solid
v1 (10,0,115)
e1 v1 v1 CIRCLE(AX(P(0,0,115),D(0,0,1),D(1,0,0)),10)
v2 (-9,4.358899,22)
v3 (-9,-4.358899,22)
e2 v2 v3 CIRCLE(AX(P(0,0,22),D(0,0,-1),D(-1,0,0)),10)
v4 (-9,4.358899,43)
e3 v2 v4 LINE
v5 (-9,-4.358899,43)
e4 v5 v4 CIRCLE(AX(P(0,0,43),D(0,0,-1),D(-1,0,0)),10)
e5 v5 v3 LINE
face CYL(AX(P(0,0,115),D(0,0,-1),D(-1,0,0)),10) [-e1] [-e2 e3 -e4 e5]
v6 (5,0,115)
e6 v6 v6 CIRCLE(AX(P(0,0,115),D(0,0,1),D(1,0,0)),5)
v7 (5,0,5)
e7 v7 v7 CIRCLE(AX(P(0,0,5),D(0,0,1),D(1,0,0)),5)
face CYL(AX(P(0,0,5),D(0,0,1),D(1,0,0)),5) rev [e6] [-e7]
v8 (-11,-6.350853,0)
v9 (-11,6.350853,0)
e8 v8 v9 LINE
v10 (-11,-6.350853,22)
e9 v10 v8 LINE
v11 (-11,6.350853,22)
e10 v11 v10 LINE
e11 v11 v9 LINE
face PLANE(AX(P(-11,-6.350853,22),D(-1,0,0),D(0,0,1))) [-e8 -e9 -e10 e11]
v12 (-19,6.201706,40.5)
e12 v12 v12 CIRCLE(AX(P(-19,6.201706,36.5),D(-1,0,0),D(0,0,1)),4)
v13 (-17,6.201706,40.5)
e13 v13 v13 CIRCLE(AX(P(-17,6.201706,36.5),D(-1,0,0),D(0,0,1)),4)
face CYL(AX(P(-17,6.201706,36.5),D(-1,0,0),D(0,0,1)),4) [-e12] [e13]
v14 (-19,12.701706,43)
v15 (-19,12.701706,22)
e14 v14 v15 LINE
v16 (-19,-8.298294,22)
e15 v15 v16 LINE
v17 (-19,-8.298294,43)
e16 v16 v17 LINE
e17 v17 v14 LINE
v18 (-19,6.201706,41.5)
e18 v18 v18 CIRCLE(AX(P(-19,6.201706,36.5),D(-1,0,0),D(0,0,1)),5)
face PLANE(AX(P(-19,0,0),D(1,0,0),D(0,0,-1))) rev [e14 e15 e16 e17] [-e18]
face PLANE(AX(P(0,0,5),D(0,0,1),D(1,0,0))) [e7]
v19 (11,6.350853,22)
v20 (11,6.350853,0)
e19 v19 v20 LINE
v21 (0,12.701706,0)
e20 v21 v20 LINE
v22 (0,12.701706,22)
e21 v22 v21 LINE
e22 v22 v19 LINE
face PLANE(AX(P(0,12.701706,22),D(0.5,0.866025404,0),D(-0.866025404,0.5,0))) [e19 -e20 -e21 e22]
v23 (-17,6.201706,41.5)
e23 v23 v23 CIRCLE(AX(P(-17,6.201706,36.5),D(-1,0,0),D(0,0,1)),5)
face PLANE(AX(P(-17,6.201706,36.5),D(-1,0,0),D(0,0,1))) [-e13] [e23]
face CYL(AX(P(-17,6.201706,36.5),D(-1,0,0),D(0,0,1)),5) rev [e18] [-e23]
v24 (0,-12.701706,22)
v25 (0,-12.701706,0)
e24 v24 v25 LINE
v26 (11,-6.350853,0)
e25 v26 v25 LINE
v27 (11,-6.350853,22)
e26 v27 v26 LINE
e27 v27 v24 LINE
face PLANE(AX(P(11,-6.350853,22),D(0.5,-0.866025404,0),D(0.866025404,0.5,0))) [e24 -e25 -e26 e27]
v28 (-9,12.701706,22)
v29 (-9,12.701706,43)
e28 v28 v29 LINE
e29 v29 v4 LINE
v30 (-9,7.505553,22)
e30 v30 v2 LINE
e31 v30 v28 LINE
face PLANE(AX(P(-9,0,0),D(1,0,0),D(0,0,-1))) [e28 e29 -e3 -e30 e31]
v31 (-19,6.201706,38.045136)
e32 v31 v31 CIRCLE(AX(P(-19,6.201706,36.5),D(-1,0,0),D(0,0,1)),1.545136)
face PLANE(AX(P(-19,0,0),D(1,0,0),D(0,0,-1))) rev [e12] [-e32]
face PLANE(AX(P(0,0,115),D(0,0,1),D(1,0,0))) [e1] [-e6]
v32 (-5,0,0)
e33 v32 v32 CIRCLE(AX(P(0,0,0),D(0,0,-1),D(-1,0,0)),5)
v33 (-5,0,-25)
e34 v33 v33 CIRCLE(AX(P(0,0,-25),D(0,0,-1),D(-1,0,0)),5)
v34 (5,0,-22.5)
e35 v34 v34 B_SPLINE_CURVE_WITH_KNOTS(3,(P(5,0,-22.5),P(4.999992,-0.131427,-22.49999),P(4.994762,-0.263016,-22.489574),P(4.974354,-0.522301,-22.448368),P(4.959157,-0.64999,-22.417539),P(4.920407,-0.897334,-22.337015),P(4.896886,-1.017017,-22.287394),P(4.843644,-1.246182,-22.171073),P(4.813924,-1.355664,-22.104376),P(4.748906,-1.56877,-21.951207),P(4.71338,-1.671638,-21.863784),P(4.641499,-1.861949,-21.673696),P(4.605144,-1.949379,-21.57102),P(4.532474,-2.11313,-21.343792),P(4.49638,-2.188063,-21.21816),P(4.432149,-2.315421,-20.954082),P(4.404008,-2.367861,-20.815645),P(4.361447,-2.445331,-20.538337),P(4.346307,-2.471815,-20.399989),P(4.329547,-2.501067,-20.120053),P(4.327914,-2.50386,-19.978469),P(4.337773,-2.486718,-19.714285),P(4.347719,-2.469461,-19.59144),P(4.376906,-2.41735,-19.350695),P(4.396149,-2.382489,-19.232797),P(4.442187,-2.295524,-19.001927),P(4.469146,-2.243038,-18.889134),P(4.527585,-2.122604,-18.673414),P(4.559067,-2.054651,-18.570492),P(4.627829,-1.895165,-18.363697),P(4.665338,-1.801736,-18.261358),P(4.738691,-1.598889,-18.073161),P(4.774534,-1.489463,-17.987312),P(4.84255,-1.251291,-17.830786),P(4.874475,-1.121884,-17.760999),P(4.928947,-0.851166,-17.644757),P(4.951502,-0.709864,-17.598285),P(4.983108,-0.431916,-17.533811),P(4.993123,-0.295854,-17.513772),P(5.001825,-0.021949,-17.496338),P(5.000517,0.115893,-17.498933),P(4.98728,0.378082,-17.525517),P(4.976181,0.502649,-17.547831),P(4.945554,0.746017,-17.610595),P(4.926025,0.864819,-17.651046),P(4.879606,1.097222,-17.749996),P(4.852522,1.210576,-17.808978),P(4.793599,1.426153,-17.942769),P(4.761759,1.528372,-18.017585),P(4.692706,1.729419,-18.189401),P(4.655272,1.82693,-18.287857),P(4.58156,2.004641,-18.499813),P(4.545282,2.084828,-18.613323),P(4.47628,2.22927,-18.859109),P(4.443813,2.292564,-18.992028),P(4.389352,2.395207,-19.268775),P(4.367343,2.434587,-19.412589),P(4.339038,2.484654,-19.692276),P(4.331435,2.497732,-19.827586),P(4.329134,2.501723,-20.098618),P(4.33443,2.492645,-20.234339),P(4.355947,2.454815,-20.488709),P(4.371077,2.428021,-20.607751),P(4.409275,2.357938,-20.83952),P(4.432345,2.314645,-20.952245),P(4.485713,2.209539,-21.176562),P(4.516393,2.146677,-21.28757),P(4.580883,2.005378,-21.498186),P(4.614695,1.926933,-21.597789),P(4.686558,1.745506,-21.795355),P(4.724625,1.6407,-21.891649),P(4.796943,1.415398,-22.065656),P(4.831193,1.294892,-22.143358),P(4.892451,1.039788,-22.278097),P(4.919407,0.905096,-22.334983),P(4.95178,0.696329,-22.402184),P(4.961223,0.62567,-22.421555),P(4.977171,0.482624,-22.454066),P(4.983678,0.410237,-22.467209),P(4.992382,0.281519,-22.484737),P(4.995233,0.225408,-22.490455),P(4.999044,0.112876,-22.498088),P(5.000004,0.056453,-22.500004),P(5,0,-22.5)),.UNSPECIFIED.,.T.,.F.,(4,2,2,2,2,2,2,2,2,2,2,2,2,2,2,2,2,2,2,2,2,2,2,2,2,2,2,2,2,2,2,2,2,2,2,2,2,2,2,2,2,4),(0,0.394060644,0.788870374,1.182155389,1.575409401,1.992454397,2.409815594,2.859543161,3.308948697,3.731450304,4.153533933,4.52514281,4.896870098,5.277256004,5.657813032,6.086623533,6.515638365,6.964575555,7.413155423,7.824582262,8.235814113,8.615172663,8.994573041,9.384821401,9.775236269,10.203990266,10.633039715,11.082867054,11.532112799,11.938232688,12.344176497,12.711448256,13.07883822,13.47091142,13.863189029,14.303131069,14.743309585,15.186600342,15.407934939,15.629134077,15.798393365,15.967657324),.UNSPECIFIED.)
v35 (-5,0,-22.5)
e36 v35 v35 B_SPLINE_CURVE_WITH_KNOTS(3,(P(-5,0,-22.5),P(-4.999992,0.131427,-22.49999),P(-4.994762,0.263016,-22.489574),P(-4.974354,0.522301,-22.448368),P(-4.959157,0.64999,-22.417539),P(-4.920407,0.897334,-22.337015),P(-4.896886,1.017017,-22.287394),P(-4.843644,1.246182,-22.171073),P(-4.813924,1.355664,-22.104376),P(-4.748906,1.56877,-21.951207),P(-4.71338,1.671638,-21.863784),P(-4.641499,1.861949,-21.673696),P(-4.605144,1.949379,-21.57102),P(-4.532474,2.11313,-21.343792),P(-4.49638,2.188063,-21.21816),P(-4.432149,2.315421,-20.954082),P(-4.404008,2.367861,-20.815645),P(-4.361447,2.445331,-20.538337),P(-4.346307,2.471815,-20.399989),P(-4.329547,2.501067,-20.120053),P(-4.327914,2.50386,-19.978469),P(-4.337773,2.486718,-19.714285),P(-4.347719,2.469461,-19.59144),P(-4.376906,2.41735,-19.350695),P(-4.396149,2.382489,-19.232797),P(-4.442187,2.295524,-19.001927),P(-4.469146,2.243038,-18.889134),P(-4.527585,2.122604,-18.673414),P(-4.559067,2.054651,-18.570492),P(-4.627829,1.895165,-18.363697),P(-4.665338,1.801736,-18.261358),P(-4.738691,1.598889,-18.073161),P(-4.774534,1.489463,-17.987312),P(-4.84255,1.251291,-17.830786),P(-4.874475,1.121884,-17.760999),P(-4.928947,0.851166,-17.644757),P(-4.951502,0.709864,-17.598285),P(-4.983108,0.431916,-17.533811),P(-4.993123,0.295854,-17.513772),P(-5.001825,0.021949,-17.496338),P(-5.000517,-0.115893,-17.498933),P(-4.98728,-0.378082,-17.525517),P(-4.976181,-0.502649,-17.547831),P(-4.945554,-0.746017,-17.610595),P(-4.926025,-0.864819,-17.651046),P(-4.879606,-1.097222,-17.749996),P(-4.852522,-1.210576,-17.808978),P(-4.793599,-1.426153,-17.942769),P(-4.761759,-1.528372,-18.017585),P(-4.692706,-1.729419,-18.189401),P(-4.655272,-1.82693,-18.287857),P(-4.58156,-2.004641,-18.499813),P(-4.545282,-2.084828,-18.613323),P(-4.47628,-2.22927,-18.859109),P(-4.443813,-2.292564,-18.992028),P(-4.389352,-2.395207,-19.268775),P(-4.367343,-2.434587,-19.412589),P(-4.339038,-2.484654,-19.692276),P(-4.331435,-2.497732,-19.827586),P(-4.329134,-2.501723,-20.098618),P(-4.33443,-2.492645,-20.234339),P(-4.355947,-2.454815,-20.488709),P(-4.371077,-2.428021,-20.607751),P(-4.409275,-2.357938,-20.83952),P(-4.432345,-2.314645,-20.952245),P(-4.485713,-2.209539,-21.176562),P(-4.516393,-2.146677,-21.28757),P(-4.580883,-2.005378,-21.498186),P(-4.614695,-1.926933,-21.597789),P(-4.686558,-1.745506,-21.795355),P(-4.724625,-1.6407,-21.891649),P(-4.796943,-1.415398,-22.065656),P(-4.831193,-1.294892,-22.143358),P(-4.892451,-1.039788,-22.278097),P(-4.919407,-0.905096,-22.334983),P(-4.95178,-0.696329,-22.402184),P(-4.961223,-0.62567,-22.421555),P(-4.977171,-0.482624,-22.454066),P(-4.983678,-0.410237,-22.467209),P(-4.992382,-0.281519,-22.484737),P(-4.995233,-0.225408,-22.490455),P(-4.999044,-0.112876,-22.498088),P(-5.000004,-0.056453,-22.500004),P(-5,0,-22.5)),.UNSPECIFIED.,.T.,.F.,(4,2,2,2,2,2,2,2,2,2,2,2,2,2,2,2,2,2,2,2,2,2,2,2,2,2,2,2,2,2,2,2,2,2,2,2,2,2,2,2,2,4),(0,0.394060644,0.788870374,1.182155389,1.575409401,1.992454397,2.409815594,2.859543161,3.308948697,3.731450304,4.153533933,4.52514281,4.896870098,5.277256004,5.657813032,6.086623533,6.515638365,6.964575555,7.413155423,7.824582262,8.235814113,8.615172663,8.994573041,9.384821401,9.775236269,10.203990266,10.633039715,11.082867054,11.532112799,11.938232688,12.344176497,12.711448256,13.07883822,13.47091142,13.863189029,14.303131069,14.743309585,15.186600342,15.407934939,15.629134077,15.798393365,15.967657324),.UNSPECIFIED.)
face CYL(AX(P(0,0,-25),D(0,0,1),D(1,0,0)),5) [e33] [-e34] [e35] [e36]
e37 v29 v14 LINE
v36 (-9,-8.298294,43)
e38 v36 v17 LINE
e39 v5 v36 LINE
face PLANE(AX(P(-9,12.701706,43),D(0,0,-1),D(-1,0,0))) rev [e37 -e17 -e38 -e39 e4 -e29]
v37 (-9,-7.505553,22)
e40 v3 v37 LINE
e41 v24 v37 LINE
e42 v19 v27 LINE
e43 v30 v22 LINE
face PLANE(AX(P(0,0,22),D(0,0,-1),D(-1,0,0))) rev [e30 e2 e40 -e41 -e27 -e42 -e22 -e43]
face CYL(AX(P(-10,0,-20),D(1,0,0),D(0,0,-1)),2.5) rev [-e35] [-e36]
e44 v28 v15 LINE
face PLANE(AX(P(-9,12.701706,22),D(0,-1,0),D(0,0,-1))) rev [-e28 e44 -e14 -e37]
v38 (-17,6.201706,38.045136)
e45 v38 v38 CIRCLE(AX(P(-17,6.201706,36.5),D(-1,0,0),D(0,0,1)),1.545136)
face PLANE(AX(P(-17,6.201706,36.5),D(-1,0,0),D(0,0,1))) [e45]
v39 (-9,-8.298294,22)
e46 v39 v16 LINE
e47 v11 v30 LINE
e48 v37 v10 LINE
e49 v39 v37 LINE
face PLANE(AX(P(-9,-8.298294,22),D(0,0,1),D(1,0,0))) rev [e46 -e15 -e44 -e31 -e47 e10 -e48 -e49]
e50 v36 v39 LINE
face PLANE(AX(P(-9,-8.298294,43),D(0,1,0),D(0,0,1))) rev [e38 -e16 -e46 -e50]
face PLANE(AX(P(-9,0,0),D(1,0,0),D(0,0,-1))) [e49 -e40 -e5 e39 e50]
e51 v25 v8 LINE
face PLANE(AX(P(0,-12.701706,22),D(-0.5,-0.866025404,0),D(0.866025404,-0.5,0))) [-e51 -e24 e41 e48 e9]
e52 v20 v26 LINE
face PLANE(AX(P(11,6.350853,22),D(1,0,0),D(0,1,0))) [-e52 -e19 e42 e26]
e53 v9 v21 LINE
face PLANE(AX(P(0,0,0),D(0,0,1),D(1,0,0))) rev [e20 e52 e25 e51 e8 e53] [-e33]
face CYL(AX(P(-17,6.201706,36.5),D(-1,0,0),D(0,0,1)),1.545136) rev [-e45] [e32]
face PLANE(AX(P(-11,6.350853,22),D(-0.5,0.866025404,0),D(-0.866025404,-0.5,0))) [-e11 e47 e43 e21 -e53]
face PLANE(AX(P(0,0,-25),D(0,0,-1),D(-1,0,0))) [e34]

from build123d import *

# Parameters (mm, degrees)
SKETCH1_R               = 10
BOSS_EXTRUDE1_DEPTH     = 115
SKETCH2_R               = 5
BOSS_EXTRUDE2_DEPTH     = 25
SKETCH3_R               = 5
CUT_EXTRUDE1_DEPTH      = 110
SKETCH4_R               = 2.5
CUT_EXTRUDE2_DEPTH      = 11
CUT_EXTRUDE2_DEPTH_BACK = 11
SKETCH5_R               = 10
BOSS_EXTRUDE3_DEPTH     = 22
SKETCH6_W               = 21
SKETCH6_H               = 21
BOSS_EXTRUDE4_DEPTH     = 8
SKETCH7_W               = 21
SKETCH7_H               = 21
BOSS_EXTRUDE5_DEPTH     = 2
SKETCH8_R               = 5
SKETCH8_R_2             = 4
CUT_EXTRUDE3_DEPTH      = 2
SKETCH9_R               = 1.545135807
CUT_EXTRUDE4_DEPTH      = 2


with BuildPart() as part:
    # Sketch1 → Boss-Extrude1 (new body)
    with BuildSketch(Plane.XY):
        Circle(SKETCH1_R)
    extrude(amount=BOSS_EXTRUDE1_DEPTH)

    # Sketch2 → Boss-Extrude2 (add)
    with BuildSketch(Plane(origin=(0, 0, 0), x_dir=(-1, 0, 0), z_dir=(0, 0, -1))):
        Circle(SKETCH2_R)
    extrude(amount=BOSS_EXTRUDE2_DEPTH)

    # Sketch3 → Cut-Extrude1 (cut)
    with BuildSketch(Plane.XY.offset(115)):
        Circle(SKETCH3_R)
    extrude(amount=-CUT_EXTRUDE1_DEPTH, mode=Mode.SUBTRACT)

    # Sketch4 → Cut-Extrude2 (cut, two sides)
    with BuildSketch(Plane(origin=(0, 0, 0), x_dir=(0, 0, -1), z_dir=(1, 0, 0))) as cut_extrude2_sk:
        with Locations((20, 0)):
            Circle(SKETCH4_R)
    extrude(amount=CUT_EXTRUDE2_DEPTH, mode=Mode.SUBTRACT)
    extrude(cut_extrude2_sk.sketch, amount=-CUT_EXTRUDE2_DEPTH_BACK, mode=Mode.SUBTRACT)

    # Sketch5 → Boss-Extrude3 (add)
    with BuildSketch(Plane(origin=(0, 0, 0), x_dir=(-1, 0, 0), z_dir=(0, 0, -1))):
        Polygon((0, -12.701705922), (11, -6.350852961), (11, 6.350852961), (0, 12.701705922), (-11, 6.350852961), (-11, -6.350852961), align=None)
        Circle(SKETCH5_R, mode=Mode.SUBTRACT)
    extrude(amount=-BOSS_EXTRUDE3_DEPTH)



with BuildPart() as body_2:
    # Sketch6 → Boss-Extrude4 (new body)
    with BuildSketch(Plane.ZY.offset(11)):
        with Locations((32.5, 2.201705922)):
            Rectangle(SKETCH6_W, SKETCH6_H)
    extrude(amount=BOSS_EXTRUDE4_DEPTH)


with BuildPart() as part_1:
    add(part.part)

    add(body_2.part)  # Boss-Extrude5 merges body 2
    # Sketch7 → Boss-Extrude5 (add)
    with BuildSketch(Plane(origin=(-11, 0, 0), x_dir=(0, 0, -1), z_dir=(1, 0, 0))):
        with Locations((-32.5, 2.201705922)):
            Rectangle(SKETCH7_W, SKETCH7_H)
    extrude(amount=BOSS_EXTRUDE5_DEPTH)

    # Sketch8 → Cut-Extrude3 (cut)
    with BuildSketch(Plane.ZY.offset(19)):
        with Locations((36.5, 6.201705922)):
            Circle(SKETCH8_R)
        with Locations((36.5, 6.201705922)):
            Circle(SKETCH8_R_2, mode=Mode.SUBTRACT)
    extrude(amount=-CUT_EXTRUDE3_DEPTH, mode=Mode.SUBTRACT)

    # Sketch9 → Cut-Extrude4 (cut)
    with BuildSketch(Plane.ZY.offset(19)):
        with Locations((36.5, 6.201705922)):
            Circle(SKETCH9_R)
    extrude(amount=-CUT_EXTRUDE4_DEPTH, mode=Mode.SUBTRACT)


solid = part_1.part
